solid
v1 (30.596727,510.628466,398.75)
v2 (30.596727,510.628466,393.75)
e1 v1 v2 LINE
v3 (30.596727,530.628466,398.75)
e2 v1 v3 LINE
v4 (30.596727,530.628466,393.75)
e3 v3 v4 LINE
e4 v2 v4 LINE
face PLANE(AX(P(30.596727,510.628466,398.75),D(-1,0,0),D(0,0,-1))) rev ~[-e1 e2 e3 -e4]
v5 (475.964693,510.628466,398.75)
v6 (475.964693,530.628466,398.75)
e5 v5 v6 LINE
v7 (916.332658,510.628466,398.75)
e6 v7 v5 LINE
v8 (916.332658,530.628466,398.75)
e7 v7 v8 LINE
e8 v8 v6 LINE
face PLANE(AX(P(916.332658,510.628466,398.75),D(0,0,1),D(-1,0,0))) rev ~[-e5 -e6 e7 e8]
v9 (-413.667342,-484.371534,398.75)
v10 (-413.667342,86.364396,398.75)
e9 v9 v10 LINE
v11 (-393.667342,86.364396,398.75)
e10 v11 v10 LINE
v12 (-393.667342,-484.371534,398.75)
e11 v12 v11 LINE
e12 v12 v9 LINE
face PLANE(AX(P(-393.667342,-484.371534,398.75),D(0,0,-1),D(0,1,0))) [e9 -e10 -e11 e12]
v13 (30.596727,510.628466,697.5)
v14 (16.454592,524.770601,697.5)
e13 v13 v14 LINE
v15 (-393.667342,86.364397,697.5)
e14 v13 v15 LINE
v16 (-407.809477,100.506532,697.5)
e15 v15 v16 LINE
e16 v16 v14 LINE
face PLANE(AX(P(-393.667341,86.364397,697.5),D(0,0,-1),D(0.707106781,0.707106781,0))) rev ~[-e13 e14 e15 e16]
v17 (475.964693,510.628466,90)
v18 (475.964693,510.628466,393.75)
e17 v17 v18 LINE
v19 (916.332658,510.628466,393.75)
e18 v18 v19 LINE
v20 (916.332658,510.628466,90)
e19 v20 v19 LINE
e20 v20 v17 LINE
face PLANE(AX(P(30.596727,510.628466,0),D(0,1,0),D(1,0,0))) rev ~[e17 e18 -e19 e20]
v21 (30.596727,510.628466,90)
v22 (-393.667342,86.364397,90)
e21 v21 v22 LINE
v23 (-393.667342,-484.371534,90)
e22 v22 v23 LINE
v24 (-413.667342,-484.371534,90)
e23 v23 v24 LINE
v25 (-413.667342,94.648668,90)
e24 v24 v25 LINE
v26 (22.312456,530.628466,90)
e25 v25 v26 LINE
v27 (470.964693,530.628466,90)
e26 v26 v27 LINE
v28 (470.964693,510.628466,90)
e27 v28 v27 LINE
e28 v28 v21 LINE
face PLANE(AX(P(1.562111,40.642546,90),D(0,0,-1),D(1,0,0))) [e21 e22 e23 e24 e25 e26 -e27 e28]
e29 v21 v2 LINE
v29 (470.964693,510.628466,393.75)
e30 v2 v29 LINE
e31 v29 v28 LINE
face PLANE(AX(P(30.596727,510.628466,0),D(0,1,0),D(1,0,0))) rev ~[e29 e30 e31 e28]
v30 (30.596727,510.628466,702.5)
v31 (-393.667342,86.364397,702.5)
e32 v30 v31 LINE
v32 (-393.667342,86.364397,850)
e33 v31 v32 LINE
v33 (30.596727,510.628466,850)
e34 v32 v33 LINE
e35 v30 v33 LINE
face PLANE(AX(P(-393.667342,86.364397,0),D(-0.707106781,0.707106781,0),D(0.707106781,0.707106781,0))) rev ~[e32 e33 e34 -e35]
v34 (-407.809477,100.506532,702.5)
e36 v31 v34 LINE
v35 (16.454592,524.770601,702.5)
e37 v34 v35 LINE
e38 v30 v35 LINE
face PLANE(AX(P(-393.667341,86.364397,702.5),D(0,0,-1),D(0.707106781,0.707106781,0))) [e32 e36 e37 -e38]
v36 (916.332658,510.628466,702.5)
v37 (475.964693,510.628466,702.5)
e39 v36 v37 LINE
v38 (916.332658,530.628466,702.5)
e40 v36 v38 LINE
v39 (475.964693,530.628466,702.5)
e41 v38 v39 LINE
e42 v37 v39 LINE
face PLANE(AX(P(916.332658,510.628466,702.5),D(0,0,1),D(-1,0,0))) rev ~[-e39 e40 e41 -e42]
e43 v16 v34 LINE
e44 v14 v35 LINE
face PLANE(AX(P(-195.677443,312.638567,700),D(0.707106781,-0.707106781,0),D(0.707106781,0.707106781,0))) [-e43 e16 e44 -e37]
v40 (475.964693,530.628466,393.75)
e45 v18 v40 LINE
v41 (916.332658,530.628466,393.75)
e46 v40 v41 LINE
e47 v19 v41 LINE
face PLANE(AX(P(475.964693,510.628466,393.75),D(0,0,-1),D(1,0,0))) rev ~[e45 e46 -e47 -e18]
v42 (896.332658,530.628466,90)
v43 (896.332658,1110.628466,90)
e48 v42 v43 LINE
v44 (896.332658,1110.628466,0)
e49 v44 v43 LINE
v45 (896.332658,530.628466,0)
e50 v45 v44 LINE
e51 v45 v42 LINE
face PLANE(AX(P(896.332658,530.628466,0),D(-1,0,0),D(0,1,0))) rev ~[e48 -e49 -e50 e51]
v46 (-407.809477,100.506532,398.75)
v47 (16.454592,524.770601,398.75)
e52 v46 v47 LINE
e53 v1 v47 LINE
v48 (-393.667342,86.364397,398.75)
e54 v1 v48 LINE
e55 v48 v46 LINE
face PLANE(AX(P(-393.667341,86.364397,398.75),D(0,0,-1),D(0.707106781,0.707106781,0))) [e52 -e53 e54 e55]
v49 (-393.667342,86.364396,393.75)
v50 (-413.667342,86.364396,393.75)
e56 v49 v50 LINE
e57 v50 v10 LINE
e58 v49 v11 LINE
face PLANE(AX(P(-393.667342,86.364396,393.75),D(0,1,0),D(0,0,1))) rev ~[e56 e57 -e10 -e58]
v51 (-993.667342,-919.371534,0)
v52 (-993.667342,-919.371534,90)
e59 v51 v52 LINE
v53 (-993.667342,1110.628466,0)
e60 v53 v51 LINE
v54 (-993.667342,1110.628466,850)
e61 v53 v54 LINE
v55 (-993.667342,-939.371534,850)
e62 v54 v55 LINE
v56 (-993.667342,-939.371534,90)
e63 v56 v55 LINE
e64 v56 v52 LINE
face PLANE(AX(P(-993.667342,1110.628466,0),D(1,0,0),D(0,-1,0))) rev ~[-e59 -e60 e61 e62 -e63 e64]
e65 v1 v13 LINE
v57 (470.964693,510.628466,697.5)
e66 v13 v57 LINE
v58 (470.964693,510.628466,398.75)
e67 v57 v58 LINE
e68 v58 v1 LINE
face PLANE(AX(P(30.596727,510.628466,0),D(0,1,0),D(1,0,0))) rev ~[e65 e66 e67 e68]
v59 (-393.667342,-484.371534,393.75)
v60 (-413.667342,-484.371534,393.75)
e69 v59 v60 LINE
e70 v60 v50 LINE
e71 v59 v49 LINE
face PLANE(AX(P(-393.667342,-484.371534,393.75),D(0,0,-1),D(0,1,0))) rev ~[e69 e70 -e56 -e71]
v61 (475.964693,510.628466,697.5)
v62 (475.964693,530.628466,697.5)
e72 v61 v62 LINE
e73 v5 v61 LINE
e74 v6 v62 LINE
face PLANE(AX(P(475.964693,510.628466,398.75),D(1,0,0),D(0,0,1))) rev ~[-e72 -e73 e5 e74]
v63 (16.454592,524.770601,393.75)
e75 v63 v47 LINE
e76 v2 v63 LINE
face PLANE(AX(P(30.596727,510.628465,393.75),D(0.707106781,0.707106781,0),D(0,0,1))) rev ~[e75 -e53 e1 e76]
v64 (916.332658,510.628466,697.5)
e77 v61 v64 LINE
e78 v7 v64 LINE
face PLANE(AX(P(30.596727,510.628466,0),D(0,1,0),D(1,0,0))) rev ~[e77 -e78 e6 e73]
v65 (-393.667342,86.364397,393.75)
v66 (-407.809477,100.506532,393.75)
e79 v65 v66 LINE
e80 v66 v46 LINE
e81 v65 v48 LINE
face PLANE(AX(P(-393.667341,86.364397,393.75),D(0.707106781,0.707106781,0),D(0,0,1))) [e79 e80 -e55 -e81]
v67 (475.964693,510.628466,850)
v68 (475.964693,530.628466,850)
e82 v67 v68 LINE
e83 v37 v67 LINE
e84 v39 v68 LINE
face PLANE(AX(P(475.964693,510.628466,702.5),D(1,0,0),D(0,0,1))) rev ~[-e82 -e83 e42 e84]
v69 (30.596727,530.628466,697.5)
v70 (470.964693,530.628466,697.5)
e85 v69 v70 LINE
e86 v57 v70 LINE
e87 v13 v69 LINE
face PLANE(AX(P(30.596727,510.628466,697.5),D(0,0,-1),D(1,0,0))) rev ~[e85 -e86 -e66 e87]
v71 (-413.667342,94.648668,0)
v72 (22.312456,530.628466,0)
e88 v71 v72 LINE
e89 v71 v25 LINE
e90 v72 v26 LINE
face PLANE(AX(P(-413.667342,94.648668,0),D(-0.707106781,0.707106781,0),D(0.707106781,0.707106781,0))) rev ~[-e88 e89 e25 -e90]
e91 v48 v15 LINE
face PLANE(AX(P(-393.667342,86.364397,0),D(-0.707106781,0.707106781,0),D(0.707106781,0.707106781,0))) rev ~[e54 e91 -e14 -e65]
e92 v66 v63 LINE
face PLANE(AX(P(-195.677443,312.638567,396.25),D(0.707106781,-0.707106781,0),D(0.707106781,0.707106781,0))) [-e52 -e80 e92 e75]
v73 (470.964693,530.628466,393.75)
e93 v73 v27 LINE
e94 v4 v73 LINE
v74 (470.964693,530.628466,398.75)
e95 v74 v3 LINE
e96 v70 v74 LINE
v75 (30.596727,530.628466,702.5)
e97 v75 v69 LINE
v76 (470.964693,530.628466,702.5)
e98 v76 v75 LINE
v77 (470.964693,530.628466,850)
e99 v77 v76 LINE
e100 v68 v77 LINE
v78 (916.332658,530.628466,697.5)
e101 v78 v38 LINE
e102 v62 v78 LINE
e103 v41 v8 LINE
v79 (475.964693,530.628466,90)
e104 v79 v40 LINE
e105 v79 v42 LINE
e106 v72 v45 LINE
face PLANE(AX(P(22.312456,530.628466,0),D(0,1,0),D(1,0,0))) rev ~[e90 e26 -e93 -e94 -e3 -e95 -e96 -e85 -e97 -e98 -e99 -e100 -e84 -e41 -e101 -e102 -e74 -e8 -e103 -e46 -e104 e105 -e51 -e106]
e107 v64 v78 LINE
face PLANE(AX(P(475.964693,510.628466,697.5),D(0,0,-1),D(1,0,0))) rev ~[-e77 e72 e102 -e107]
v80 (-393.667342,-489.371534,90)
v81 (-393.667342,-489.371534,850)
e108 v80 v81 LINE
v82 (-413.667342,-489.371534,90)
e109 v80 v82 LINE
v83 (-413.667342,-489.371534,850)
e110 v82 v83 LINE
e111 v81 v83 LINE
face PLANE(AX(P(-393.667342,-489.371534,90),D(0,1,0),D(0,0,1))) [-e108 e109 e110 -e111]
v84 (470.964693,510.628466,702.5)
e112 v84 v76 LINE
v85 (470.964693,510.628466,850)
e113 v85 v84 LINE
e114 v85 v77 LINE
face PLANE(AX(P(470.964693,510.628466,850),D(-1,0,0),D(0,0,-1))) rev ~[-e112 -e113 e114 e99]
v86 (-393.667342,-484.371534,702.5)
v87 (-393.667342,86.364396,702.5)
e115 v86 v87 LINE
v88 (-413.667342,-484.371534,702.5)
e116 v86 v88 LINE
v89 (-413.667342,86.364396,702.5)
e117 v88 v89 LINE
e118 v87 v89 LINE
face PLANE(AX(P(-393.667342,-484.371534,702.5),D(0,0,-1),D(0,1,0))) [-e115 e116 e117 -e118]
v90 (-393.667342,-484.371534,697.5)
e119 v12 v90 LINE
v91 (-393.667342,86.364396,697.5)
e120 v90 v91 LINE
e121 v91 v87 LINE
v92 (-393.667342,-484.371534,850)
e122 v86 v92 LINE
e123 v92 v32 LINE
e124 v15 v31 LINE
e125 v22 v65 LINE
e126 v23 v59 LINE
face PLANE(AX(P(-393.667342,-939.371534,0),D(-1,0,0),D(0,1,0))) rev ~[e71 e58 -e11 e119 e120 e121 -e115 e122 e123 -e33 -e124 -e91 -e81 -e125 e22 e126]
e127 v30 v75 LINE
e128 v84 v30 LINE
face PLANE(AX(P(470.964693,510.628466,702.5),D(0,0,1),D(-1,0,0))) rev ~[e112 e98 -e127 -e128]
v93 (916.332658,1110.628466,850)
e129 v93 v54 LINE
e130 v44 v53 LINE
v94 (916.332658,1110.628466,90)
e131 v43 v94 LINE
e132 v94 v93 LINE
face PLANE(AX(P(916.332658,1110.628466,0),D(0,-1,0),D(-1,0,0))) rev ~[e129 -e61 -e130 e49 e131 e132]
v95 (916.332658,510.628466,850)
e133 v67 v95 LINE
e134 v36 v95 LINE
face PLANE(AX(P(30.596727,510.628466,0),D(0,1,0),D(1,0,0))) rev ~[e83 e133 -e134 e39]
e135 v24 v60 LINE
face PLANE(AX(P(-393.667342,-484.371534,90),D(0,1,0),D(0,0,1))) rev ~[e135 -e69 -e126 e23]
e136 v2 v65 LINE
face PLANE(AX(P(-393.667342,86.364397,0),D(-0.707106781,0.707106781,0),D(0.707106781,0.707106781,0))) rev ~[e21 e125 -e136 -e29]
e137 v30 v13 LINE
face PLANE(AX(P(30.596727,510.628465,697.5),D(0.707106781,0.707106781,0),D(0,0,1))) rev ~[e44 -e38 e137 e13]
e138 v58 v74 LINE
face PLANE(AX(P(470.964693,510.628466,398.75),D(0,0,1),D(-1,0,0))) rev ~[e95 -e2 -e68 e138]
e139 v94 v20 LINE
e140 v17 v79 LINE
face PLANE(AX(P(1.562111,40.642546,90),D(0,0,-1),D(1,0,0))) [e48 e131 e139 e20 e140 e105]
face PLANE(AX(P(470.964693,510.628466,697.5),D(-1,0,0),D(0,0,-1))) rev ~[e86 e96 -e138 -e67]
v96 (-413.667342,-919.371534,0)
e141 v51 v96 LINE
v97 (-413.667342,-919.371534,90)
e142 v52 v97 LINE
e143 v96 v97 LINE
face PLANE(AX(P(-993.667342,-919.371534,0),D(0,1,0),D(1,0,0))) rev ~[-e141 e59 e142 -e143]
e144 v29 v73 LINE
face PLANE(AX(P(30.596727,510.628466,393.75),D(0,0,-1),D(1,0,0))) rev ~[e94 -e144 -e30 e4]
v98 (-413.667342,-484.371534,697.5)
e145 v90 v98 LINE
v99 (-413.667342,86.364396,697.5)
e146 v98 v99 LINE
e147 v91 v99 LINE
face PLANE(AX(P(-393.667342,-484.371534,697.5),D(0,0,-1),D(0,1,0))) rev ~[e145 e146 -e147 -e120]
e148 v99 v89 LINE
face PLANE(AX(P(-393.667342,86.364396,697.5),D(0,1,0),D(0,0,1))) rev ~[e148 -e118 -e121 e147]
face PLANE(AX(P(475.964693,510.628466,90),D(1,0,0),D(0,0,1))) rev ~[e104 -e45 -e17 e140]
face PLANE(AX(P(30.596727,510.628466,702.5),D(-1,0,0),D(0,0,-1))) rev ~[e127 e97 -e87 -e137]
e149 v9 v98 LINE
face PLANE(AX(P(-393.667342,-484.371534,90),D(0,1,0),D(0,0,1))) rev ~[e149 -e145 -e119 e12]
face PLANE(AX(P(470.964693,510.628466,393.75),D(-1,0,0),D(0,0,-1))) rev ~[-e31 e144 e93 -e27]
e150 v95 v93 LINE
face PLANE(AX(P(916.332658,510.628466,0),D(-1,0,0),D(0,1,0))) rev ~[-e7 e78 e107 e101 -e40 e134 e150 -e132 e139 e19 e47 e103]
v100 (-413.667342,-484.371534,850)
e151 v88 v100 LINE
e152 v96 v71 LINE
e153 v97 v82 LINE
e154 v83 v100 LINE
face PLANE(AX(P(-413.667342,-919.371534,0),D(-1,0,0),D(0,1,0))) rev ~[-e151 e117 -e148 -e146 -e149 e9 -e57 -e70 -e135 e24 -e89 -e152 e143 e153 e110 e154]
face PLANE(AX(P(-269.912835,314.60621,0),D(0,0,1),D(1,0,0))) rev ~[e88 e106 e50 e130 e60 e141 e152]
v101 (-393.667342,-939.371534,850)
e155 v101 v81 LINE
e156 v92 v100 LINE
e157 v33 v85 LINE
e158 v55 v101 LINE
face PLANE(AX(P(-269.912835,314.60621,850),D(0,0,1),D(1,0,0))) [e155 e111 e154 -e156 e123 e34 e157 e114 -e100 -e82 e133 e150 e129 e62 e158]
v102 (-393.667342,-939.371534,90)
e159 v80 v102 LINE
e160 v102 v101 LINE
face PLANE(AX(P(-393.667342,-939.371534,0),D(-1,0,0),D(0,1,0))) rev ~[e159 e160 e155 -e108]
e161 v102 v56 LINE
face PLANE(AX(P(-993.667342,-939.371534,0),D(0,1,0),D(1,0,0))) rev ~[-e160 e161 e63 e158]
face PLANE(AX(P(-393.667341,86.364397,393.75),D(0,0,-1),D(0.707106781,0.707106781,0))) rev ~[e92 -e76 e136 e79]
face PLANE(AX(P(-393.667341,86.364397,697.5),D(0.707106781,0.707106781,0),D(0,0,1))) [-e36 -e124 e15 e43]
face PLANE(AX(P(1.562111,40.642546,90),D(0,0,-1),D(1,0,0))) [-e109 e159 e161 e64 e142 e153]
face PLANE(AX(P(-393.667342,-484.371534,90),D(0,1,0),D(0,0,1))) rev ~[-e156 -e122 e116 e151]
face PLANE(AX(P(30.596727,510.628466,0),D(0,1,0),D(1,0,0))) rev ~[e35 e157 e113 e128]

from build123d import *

# Parameters (mm, degrees)
F1_DEPTH  = 850
F3_DEPTH  = 90
F4_W      = 5
F4_H      = 760
F5_DEPTH  = 20
F7_DEPTH  = 20
F8_W      = 570.735931
F8_H      = 5
F9_DEPTH  = 20
F10_W     = 600
F10_H     = 5
F11_DEPTH = 20


with BuildPart() as f1:
    # F0 (on Top) → F1 (new body)
    with BuildSketch(Plane.XY):
        Polygon((-993.667342, 1110.628466), (-993.667342, -939.371534), (-393.667342, -939.371534), (-393.667342, 86.364397), (30.596727, 510.628466), (916.332658, 510.628466), (916.332658, 1110.628466), align=None)
    extrude(amount=F1_DEPTH)

    # F2 (on face) → F3 (cut)
    with BuildSketch(Plane(origin=(0, 0, 0), x_dir=(1, 0, 0), z_dir=(0, 0, -1))):
        Polygon((-993.667342, 919.371534), (-413.667342, 919.371534), (-413.667342, -94.648668), (22.312456, -530.628466), (896.332658, -530.628466), (896.332658, -1110.628466), (916.332658, -1110.628466), (916.332658, -510.628466), (30.596727, -510.628466), (-393.667342, -86.364397), (-393.667342, 939.371534), (-993.667342, 939.371534), align=None)
    extrude(amount=-F3_DEPTH, mode=Mode.SUBTRACT)

    # F4 (on face) → F5 (cut)
    with BuildSketch(Plane.YZ.offset(-393.667342)):
        with Locations((-486.871534, 470)):
            Rectangle(F4_W, F4_H)
    extrude(amount=-F5_DEPTH, mode=Mode.SUBTRACT)

    # F6 (on face) → F7 (cut)
    with BuildSketch(Plane.XZ.offset(-510.628466)):
        Polygon((470.964693, 702.5), (30.596727, 702.5), (30.596727, 697.5), (470.964693, 697.5), (470.964693, 398.75), (30.596727, 398.75), (30.596727, 393.75), (470.964693, 393.75), (470.964693, 90), (475.964693, 90), (475.964693, 393.75), (916.332658, 393.75), (916.332658, 398.75), (475.964693, 398.75), (475.964693, 697.5), (916.332658, 697.5), (916.332658, 702.5), (475.964693, 702.5), (475.964693, 850), (470.964693, 850), align=None)
    extrude(amount=-F7_DEPTH, mode=Mode.SUBTRACT)

    # F8 (on face) → F9 (cut)
    with BuildSketch(Plane.YZ.offset(-393.667342)):
        with Locations((-199.003569, 700)):
            Rectangle(F8_W, F8_H)
        with Locations((-199.003569, 396.25)):
            Rectangle(F8_W, F8_H)
    extrude(amount=-F9_DEPTH, mode=Mode.SUBTRACT)

    # F10 (on face) → F11 (cut)
    with BuildSketch(Plane(origin=(-240.015869, 240.015869, 0), x_dir=(0.707107, 0.707107, 0), z_dir=(0.707107, -0.707107, 0))):
        with Locations((82.704004, 700)):
            Rectangle(F10_W, F10_H)
        with Locations((82.704004, 396.25)):
            Rectangle(F10_W, F10_H)
    extrude(amount=-F11_DEPTH, mode=Mode.SUBTRACT)


solid = f1.part
